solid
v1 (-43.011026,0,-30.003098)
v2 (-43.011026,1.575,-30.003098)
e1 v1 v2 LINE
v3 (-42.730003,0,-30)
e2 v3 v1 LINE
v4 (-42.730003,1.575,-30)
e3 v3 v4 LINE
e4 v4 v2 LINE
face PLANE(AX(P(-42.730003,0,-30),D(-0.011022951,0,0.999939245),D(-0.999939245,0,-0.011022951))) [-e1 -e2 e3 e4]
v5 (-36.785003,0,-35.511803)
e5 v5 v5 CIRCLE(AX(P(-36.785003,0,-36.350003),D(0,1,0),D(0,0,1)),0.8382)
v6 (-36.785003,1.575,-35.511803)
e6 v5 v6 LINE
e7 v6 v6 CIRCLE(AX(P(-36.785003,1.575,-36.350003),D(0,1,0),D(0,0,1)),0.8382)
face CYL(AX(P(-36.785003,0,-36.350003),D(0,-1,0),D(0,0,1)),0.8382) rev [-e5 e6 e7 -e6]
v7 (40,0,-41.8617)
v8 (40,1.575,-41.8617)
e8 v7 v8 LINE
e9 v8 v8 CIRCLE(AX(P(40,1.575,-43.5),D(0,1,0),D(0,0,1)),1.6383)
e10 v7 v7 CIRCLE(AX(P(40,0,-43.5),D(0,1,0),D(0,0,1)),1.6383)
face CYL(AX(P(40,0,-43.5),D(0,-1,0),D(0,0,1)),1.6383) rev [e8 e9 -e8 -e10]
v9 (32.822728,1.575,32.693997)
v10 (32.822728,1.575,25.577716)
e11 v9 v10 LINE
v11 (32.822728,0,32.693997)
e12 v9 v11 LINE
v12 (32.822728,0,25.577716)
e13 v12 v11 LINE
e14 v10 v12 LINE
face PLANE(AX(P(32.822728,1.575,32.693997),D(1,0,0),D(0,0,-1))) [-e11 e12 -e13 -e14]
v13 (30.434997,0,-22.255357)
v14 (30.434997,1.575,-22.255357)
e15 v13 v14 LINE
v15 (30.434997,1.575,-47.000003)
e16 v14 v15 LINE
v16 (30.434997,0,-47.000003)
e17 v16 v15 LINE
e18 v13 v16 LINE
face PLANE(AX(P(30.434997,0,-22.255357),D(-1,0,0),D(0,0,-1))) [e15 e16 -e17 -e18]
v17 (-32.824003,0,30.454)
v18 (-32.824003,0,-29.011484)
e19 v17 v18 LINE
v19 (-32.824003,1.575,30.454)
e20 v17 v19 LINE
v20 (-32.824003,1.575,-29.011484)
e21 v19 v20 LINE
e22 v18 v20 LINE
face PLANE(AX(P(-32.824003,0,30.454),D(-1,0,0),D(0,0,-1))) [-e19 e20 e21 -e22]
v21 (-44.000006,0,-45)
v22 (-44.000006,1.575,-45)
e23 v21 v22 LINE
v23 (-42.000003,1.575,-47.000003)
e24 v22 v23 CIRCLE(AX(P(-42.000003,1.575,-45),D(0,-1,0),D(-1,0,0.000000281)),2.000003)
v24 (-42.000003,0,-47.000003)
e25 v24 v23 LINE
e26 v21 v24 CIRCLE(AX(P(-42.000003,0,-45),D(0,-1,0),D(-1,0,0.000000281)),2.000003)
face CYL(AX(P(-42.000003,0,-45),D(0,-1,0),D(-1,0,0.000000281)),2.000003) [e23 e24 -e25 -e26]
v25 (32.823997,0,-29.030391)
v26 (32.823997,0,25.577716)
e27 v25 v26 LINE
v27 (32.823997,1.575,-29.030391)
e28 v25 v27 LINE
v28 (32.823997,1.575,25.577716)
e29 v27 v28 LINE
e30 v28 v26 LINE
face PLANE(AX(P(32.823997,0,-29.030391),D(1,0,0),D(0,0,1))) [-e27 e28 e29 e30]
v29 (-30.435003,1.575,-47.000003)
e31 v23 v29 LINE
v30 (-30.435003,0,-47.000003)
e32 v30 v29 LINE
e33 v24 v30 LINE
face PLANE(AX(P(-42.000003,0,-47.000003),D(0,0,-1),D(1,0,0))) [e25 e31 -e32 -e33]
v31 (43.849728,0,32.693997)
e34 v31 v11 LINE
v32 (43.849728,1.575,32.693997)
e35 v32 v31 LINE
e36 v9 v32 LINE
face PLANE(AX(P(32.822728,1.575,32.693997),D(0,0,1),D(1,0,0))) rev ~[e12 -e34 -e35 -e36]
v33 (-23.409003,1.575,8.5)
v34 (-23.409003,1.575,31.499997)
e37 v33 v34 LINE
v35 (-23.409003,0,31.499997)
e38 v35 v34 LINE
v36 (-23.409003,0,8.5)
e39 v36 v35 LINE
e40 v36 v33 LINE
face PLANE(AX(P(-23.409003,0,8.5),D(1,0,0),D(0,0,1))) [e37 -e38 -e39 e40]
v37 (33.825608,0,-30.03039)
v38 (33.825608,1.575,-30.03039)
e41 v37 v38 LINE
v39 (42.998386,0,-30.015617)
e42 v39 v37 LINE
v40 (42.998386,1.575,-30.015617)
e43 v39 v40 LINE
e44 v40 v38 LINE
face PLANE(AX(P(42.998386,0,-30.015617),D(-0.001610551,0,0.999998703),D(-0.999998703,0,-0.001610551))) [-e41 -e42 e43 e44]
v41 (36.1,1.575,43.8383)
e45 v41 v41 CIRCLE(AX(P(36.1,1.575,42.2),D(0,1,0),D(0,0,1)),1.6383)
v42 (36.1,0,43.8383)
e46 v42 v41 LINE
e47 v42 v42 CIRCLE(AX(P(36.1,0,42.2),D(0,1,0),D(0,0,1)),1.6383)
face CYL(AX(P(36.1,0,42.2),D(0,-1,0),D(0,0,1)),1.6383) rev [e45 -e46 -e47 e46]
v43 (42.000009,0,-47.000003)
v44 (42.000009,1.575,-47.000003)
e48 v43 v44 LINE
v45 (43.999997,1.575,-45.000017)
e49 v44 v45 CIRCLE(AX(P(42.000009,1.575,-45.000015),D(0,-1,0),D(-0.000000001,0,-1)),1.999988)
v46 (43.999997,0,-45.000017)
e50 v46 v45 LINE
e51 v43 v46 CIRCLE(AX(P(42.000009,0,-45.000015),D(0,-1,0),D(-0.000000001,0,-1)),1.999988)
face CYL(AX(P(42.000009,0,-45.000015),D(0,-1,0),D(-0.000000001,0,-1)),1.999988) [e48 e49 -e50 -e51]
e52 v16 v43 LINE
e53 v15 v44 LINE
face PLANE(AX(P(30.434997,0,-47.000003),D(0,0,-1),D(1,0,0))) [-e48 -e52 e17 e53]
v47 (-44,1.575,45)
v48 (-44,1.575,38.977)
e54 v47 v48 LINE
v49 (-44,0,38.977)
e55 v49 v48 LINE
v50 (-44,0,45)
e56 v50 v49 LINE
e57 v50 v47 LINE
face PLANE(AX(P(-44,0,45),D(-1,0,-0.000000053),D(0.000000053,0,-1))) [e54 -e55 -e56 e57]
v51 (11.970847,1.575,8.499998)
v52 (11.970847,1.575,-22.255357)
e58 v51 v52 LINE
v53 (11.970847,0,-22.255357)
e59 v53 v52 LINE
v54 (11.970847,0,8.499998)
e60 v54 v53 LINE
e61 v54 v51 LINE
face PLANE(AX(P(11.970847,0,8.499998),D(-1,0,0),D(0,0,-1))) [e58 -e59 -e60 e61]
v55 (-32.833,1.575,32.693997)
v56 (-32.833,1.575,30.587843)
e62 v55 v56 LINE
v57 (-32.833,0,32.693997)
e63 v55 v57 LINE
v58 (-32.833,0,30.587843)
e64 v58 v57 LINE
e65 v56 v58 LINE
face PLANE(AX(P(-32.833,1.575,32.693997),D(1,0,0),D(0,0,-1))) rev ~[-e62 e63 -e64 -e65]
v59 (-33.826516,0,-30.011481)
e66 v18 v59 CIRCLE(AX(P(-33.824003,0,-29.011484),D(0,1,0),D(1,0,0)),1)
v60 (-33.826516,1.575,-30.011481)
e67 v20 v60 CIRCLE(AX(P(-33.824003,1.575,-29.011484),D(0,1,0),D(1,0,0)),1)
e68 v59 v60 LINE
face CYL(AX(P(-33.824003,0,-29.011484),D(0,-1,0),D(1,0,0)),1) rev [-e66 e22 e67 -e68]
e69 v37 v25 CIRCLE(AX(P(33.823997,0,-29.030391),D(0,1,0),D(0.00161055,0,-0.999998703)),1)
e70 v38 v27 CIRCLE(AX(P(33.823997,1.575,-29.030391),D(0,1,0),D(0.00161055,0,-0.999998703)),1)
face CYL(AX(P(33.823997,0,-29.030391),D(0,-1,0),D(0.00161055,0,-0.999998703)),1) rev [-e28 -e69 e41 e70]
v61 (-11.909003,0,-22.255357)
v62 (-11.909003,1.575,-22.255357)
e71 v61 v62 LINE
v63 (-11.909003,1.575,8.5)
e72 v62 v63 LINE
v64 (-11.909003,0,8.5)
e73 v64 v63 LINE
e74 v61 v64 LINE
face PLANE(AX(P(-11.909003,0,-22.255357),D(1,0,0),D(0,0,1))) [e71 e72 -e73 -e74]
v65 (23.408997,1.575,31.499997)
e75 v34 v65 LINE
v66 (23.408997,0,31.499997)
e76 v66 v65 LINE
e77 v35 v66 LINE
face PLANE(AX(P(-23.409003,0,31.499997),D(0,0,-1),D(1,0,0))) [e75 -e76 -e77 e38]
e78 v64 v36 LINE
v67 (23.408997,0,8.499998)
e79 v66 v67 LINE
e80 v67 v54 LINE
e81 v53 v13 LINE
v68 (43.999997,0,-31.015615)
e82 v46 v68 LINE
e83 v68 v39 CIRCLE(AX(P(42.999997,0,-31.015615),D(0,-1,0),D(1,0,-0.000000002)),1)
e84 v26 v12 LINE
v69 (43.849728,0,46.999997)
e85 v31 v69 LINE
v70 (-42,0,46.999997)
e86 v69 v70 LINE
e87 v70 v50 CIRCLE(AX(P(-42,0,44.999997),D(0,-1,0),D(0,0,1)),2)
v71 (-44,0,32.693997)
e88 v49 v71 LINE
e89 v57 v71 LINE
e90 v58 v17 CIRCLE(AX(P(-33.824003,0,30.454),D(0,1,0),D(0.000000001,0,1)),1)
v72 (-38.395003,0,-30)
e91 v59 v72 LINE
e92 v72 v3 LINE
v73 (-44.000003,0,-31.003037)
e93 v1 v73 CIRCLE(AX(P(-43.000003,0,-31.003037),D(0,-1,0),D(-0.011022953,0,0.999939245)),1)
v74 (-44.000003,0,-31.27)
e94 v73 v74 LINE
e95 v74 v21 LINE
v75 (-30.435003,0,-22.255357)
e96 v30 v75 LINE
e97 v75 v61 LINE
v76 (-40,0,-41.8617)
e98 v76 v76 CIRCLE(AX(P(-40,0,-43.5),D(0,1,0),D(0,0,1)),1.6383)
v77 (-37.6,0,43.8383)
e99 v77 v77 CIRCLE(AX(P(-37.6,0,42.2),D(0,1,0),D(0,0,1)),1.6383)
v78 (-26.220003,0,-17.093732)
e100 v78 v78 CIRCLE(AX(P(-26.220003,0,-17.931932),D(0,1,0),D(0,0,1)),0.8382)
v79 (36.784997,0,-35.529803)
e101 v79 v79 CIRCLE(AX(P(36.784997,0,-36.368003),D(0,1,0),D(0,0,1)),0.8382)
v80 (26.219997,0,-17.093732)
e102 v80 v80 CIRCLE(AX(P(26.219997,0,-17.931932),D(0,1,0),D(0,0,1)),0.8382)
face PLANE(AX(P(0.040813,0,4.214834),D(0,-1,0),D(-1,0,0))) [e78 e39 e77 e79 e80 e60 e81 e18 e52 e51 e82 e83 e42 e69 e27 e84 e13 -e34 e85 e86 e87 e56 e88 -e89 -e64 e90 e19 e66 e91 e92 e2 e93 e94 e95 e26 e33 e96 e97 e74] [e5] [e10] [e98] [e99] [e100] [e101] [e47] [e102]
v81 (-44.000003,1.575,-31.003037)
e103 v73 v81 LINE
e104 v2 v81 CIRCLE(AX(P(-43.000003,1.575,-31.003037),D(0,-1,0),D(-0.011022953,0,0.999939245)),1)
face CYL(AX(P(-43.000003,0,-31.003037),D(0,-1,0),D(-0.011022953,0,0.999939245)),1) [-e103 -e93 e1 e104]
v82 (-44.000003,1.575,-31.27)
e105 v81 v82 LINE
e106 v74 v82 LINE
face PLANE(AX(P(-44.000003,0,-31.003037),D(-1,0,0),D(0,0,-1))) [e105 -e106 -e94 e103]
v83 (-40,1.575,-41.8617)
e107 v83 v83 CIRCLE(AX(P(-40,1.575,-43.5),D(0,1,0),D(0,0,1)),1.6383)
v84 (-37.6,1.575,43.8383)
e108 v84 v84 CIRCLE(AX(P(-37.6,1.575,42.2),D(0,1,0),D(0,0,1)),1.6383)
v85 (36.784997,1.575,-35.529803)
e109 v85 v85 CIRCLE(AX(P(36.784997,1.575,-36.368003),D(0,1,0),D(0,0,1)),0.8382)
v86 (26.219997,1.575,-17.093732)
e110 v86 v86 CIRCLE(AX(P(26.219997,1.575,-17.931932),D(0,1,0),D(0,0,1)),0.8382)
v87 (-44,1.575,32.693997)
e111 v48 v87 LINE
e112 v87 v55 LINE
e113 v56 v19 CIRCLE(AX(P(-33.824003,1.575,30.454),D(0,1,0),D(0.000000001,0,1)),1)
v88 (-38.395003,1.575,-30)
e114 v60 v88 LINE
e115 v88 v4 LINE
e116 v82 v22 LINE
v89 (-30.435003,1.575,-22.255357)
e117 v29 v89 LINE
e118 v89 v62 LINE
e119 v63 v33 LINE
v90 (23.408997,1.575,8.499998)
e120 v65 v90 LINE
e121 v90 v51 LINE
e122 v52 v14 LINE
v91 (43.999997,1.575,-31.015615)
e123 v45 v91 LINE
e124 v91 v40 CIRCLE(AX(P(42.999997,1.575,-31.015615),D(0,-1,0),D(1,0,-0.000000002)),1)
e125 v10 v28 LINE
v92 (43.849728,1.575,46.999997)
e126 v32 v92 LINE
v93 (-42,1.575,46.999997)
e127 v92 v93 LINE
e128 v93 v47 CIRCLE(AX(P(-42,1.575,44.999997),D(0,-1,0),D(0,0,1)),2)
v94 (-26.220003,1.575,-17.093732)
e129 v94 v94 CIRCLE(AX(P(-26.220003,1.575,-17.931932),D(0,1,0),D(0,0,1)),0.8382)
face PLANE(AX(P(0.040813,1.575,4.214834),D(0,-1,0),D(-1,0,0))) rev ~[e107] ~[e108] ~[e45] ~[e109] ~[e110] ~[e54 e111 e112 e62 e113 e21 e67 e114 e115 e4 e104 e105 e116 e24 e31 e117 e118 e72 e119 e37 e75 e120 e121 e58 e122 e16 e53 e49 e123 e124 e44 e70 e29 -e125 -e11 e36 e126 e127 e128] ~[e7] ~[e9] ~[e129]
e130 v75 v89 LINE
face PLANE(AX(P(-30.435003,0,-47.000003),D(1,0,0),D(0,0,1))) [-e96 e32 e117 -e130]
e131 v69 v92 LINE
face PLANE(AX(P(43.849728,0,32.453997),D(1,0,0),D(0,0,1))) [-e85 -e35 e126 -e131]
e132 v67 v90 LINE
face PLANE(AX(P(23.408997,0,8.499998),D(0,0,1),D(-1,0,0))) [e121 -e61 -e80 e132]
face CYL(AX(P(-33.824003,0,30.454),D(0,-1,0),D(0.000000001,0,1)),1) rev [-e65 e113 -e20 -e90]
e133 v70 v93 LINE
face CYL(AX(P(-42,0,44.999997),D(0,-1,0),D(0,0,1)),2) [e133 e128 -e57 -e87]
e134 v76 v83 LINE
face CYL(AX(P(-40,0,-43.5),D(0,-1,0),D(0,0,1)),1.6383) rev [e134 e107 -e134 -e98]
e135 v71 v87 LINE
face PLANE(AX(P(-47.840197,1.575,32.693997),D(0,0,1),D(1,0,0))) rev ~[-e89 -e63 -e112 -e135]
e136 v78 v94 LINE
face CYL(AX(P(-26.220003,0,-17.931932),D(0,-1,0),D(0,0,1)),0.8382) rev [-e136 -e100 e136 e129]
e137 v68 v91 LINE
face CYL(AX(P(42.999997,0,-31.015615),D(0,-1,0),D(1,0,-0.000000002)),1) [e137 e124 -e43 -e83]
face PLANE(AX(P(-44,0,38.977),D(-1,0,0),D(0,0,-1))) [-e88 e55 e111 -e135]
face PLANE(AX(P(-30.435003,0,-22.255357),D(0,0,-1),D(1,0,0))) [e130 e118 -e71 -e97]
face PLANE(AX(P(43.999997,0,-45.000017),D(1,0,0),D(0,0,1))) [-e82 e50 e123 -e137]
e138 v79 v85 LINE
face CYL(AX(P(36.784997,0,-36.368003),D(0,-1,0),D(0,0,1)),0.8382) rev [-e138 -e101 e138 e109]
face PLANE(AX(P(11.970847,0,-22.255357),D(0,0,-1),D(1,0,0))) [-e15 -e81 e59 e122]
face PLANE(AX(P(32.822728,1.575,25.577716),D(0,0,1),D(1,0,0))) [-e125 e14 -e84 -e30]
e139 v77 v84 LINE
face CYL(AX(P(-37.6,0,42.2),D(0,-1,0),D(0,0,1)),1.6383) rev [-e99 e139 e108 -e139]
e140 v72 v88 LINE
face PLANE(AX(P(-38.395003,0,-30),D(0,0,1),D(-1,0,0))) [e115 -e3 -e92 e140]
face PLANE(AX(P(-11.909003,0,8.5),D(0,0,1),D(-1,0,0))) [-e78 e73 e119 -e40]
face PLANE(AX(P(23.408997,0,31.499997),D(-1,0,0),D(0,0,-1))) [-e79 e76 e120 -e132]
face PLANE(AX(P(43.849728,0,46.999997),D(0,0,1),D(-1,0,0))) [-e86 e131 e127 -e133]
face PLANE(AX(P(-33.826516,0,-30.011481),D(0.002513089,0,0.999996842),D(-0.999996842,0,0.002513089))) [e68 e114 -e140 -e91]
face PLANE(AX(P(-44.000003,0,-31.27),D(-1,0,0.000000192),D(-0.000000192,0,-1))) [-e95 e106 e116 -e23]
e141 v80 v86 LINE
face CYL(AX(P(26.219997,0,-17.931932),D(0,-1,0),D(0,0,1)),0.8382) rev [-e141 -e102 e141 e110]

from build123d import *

# Parameters (mm, degrees)
SKETCH1_2_R         = 1.6383
SKETCH1_2_R_2       = 0.8382
BOSS_EXTRUDE2_DEPTH = 1.575
SKETCH2_W           = 14.080651801
SKETCH2_H           = 7.11628052
SKETCH2_W_2         = 15.007196354
SKETCH2_H_2         = 9.421332762
CUT_EXTRUDE1_DEPTH  = 65.400942629


with BuildPart() as part:
    # Sketch1<2> → Boss-Extrude2 (new body)
    with BuildSketch(Plane(origin=(0, 0, 0), x_dir=(1, 0, 0), z_dir=(0, 1, 0))):
        with BuildLine():
            Line((-38.39500299, 29.999999735), (-42.73000299, 29.999999735))
            Line((-42.73000299, 29.999999735), (-43.011025994, 30.003097626))
            ThreePointArc((-43.011025994, 30.003097626), (-43.710996344, 30.299838092), (-44.000003042, 31.003036872))
            Line((-44.000003042, 31.003036872), (-44.000003042, 31.269999735))
            Line((-44.000003042, 31.269999735), (-44.000005679, 44.999999735))
            ThreePointArc((-44.000005679, 44.999999735), (-43.414218633, 46.414215608), (-42.000002924, 47.000003051))
            Line((-42.000002924, 47.000003051), (-30.435003, 47.000003051))
            Line((-30.435003, 47.000003051), (-30.435003, 22.255357341))
            Line((-30.435003, 22.255357341), (-11.909003, 22.255357341))
            Line((-11.909003, 22.255357341), (-11.909003, -8.5))
            Line((-11.909003, -8.5), (-23.409003, -8.5))
            Line((-23.409003, -8.5), (-23.409003, -31.499996949))
            Line((-23.409003, -31.499996949), (23.408997, -31.499996949))
            Line((23.408997, -31.499996949), (23.408997, -8.499997555))
            Line((23.408997, -8.499997555), (11.97084713, -8.499997555))
            Line((11.97084713, -8.499997555), (11.97084713, 22.255357341))
            Line((11.97084713, 22.255357341), (30.434997, 22.255357341))
            Line((30.434997, 22.255357341), (30.434997, 47.000003051))
            Line((30.434997, 47.000003051), (42.000008541, 47.000003051))
            ThreePointArc((42.000008541, 47.000003051), (43.414213215, 46.414220704), (43.999996956, 45.000016607))
            Line((43.999996956, 45.000016607), (43.999996956, 32.000003378))
            Line((43.999996956, 32.000003378), (43.999996956, 31.015615364))
            ThreePointArc((43.999996956, 31.015615364), (43.706534093, 30.307939396), (42.998386406, 30.015616661))
            Line((42.998386406, 30.015616661), (33.825607551, 30.030389905))
            ThreePointArc((33.825607551, 30.030389905), (33.117459864, 29.738067169), (32.823997, 29.030391202))
            Line((32.823997, 29.030391202), (32.823997, -30.453996949))
            ThreePointArc((32.823997, -30.453996949), (33.116890219, -31.16110373), (33.823997, -31.453996949))
            Line((33.823997, -31.453996949), (36.099999555, -31.453996949))
            Line((36.099999555, -31.453996949), (42.849728118, -31.453996949))
            ThreePointArc((42.849728118, -31.453996949), (43.556834899, -31.746890168), (43.849728118, -32.453996949))
            Line((43.849728118, -32.453996949), (43.849728118, -36.999996949))
            Line((43.849728118, -36.999996949), (43.849728118, -46.999996949))
            Line((43.849728118, -46.999996949), (-42.000000178, -46.999996949))
            ThreePointArc((-42.000000178, -46.999996949), (-43.414212804, -46.414211581), (-44.000000499, -44.999999921))
            Line((-44.000000499, -44.999999921), (-44.000000178, -38.976999921))
            Line((-44.000000178, -38.976999921), (-44.000000178, -32.453999802))
            ThreePointArc((-44.000000178, -32.453999802), (-43.70710696, -31.746893021), (-43.000000178, -31.453999802))
            Line((-43.000000178, -31.453999802), (-36.100000549, -31.453999802))
            Line((-36.100000549, -31.453999802), (-33.824003042, -31.453999802))
            ThreePointArc((-33.824003042, -31.453999802), (-33.116896261, -31.161106583), (-32.824003042, -30.453999802))
            Line((-32.824003042, -30.453999802), (-32.824003042, 29.011483943))
            ThreePointArc((-32.824003042, 29.011483943), (-33.117785331, 29.719478678), (-33.826516131, 30.011480785))
            Line((-33.826516131, 30.011480785), (-38.39500299, 29.999999735))
        make_face()
        with Locations((40, 43.5)):
            Circle(SKETCH1_2_R, mode=Mode.SUBTRACT)
        with Locations((-40, 43.5)):
            Circle(SKETCH1_2_R, mode=Mode.SUBTRACT)
        with Locations((-37.6, -42.2)):
            Circle(SKETCH1_2_R, mode=Mode.SUBTRACT)
        with Locations((36.1, -42.2)):
            Circle(SKETCH1_2_R, mode=Mode.SUBTRACT)
        with Locations((-36.785003, 36.350003051)):
            Circle(SKETCH1_2_R_2, mode=Mode.SUBTRACT)
        with Locations((-26.220003, 17.93193176)):
            Circle(SKETCH1_2_R_2, mode=Mode.SUBTRACT)
        with Locations((26.219997, 17.93193176)):
            Circle(SKETCH1_2_R_2, mode=Mode.SUBTRACT)
        with Locations((36.784997, 36.368003051)):
            Circle(SKETCH1_2_R_2, mode=Mode.SUBTRACT)
    extrude(amount=BOSS_EXTRUDE2_DEPTH)

    # Sketch2 → Cut-Extrude1 (cut, through all)
    with BuildSketch(Plane(origin=(0, 1.575, 0), x_dir=(1, 0, 0), z_dir=(0, 1, 0))):
        with Locations((39.863054019, -29.135856689)):
            Rectangle(SKETCH2_W, SKETCH2_H)
        with Locations((-40.336598676, -27.983330568)):
            Rectangle(SKETCH2_W_2, SKETCH2_H_2)
    extrude(amount=-CUT_EXTRUDE1_DEPTH, mode=Mode.SUBTRACT)


solid = part.part
